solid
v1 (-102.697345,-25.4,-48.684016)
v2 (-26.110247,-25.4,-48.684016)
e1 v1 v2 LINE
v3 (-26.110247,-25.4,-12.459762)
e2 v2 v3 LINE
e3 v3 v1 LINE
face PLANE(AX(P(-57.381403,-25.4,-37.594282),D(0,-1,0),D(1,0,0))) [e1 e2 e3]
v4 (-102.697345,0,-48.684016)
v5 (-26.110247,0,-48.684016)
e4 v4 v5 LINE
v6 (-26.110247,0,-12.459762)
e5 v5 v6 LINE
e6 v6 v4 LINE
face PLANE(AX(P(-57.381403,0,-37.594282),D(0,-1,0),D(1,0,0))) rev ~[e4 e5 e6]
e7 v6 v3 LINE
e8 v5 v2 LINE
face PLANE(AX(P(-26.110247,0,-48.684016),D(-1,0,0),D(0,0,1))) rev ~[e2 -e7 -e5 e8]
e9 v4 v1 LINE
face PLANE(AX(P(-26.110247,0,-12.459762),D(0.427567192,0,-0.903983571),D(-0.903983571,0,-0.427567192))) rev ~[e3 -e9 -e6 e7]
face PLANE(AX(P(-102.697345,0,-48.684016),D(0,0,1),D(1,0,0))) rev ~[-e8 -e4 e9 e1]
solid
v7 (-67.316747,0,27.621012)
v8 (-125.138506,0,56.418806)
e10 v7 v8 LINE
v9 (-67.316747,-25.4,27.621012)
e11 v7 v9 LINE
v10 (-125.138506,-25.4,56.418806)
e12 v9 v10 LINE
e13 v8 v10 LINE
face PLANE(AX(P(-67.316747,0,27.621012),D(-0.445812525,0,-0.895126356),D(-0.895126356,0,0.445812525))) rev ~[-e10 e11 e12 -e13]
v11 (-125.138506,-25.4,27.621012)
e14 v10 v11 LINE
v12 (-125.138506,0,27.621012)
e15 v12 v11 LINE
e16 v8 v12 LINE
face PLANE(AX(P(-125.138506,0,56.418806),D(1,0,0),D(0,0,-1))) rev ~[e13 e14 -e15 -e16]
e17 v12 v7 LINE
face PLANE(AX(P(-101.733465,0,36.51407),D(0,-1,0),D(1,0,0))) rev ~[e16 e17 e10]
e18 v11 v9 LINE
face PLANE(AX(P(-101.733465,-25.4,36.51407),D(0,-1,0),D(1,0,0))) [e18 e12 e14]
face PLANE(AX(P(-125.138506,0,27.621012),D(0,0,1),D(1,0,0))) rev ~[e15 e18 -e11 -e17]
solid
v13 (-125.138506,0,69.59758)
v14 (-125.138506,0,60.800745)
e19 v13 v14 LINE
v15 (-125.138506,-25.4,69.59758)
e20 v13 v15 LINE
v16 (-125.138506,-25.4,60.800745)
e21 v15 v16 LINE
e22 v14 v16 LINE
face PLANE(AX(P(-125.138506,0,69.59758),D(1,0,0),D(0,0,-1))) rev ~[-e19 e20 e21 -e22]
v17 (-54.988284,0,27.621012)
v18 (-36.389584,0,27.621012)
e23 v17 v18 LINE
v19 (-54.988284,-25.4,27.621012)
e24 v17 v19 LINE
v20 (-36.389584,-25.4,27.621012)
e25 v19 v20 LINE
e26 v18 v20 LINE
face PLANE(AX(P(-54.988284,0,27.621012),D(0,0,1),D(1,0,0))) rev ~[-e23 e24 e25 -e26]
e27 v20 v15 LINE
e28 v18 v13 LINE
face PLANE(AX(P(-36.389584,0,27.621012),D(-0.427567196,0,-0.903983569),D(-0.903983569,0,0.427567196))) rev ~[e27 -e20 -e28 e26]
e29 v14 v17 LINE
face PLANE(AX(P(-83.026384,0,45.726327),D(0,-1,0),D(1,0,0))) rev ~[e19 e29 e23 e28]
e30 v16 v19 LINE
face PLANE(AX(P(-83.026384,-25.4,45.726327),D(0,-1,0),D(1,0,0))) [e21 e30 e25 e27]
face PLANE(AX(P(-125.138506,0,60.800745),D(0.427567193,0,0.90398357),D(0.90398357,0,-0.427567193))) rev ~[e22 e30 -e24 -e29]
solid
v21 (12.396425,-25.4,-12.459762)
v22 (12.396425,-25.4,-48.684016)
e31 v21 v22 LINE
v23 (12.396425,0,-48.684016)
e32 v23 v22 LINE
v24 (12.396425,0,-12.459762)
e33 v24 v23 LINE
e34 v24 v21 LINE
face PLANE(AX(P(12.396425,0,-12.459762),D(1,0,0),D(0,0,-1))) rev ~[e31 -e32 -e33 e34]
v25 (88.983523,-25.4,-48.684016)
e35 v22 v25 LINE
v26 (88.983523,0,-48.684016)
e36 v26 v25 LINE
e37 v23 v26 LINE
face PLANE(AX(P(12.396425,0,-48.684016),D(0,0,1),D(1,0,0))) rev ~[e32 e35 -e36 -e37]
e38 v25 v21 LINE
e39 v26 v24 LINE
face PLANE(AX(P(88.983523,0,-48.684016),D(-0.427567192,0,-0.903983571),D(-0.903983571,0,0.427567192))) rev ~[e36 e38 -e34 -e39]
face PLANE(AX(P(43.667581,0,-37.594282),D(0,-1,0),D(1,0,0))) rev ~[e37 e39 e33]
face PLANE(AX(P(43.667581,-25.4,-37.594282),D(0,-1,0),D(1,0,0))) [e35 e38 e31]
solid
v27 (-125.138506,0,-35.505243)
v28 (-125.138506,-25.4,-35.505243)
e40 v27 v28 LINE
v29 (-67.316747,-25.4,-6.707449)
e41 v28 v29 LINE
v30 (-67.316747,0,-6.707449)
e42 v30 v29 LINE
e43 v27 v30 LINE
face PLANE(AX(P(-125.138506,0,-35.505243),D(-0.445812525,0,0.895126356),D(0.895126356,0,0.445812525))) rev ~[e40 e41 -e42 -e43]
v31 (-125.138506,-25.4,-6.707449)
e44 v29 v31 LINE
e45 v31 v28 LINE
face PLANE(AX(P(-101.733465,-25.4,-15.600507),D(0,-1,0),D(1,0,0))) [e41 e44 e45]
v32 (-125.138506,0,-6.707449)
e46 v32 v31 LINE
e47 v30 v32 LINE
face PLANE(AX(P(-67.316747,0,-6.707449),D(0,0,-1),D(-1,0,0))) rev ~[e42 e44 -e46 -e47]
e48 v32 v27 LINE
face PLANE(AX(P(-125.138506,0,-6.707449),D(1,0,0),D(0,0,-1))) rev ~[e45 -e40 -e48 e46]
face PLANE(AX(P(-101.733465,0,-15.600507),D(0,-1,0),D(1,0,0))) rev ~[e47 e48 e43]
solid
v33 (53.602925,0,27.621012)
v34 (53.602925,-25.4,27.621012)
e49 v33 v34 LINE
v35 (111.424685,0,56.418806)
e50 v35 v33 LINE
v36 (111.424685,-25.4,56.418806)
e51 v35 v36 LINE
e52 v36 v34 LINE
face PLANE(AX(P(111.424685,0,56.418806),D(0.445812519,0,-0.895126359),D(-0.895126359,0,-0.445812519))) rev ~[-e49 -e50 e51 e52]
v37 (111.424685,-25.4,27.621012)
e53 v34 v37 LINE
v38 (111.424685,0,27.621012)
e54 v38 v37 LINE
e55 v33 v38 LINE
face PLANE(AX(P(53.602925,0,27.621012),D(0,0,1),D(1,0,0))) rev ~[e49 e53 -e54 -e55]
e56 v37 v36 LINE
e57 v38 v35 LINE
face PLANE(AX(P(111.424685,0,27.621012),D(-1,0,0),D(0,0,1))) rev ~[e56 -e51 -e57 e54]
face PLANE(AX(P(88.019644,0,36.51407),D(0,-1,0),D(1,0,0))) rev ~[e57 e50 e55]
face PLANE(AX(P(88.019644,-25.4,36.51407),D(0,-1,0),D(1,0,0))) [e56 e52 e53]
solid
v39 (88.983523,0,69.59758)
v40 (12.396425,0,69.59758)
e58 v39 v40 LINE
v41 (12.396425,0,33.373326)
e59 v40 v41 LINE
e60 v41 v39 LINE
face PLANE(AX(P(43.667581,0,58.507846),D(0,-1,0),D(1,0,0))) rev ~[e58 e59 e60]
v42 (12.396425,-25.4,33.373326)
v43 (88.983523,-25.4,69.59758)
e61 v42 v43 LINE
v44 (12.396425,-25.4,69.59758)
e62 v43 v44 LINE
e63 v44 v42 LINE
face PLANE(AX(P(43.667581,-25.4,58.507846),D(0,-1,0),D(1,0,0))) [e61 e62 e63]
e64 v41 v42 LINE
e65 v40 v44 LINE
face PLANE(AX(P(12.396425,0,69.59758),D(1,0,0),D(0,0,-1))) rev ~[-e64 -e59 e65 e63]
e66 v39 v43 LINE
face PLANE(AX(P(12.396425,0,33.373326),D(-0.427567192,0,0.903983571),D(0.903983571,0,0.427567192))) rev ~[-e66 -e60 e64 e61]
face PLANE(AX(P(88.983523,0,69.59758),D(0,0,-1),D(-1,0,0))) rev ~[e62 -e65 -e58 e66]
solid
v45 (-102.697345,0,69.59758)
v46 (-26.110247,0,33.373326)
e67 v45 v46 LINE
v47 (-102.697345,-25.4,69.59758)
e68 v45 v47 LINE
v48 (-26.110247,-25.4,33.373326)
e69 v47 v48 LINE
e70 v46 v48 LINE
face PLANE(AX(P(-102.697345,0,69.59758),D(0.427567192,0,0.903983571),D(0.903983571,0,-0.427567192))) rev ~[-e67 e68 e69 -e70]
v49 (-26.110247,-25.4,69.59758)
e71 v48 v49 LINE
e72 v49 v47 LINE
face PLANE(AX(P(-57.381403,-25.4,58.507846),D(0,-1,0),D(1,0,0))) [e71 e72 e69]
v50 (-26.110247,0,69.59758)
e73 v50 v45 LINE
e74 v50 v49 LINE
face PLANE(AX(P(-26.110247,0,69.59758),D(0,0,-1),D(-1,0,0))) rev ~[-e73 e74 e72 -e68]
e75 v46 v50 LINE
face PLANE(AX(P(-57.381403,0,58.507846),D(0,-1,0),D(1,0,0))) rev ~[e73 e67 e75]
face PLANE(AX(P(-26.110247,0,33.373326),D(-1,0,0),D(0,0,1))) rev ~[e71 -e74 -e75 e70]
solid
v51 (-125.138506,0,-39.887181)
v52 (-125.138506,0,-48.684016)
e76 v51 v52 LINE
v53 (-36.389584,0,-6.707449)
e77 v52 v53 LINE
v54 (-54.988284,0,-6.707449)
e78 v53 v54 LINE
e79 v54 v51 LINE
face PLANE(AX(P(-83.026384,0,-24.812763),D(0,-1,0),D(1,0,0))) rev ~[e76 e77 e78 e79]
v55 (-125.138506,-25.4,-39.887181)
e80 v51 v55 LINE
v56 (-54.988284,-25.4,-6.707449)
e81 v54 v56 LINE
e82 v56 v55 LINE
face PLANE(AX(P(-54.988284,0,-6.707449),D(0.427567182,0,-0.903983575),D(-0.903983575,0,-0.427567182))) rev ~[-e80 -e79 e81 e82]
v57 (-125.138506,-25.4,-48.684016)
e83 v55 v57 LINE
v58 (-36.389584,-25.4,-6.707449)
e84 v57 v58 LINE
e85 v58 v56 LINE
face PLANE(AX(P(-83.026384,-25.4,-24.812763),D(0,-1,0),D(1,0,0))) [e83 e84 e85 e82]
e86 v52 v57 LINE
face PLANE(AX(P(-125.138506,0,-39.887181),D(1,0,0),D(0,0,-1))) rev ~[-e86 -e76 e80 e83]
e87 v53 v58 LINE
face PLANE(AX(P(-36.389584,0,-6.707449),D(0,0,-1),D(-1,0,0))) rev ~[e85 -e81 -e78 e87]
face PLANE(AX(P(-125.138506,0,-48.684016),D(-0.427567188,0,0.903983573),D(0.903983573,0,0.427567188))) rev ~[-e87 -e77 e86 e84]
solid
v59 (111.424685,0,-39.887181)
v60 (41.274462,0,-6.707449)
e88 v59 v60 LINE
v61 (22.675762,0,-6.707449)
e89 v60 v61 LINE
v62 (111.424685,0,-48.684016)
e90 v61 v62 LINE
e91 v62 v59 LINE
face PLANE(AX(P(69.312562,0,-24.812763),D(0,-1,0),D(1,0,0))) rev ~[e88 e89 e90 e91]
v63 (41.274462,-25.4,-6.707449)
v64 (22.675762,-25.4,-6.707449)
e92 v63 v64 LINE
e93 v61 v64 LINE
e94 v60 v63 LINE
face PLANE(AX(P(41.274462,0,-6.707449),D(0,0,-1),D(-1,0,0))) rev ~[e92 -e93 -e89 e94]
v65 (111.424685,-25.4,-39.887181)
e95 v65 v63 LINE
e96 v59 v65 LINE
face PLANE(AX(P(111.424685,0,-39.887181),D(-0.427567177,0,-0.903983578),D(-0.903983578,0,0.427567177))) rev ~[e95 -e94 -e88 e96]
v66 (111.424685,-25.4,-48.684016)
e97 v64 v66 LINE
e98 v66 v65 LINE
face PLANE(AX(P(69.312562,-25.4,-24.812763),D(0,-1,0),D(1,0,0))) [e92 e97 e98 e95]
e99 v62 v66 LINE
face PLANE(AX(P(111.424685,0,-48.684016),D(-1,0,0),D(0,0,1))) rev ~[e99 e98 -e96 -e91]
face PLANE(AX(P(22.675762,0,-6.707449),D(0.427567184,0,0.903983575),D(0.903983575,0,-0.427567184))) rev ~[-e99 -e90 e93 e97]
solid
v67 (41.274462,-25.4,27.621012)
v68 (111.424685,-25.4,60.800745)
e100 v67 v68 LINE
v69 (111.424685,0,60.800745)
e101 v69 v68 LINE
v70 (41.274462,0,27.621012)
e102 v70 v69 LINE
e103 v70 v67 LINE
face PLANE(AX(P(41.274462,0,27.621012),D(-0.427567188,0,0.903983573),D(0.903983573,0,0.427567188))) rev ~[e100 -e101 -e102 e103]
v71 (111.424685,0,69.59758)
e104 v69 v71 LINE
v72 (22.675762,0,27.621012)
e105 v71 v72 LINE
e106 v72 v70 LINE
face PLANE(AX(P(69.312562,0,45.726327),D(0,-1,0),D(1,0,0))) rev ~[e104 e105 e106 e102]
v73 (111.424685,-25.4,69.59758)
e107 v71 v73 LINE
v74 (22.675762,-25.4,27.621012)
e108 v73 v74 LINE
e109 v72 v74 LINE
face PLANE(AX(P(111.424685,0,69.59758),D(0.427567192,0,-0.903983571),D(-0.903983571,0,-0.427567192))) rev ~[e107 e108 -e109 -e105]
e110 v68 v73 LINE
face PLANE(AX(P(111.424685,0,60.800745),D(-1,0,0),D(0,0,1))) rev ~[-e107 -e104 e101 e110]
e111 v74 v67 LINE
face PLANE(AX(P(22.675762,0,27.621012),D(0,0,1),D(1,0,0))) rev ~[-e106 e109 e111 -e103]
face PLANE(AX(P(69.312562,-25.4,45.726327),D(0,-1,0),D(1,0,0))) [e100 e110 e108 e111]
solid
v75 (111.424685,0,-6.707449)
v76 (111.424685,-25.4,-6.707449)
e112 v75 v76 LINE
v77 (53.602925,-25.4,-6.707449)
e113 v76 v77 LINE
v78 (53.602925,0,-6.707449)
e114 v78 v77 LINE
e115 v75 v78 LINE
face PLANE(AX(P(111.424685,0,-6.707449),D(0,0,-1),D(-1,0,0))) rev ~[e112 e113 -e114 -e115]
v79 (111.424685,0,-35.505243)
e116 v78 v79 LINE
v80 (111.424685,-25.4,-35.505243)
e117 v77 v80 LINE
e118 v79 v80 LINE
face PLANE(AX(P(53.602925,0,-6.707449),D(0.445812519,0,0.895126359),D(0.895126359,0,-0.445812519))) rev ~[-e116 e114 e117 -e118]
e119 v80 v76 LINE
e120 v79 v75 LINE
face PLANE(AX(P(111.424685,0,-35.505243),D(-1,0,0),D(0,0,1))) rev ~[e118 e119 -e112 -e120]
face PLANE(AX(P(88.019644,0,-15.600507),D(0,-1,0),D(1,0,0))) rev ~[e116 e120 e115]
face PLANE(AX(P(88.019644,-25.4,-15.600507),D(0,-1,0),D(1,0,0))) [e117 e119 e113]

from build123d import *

# Parameters (mm, degrees)
F1_DEPTH = 25.4


with BuildPart() as f1:
    # F0 (on Front) → F1 (new body)
    with BuildSketch(Plane.XZ):
        Polygon((-36.389584, 27.621012), (-125.138506, 69.59758), (-125.138506, 60.800745), (-54.988284, 27.621012), align=None)
        Polygon((-26.110247, 33.373326), (-26.110247, 69.59758), (-102.697345, 69.59758), align=None)
        Polygon((-67.316747, 27.621012), (-125.138506, 56.418806), (-125.138506, 27.621012), align=None)
        Polygon((88.983523, 69.59758), (12.396425, 69.59758), (12.396425, 33.373326), align=None)
        Polygon((111.424685, 69.59758), (22.675762, 27.621012), (41.274462, 27.621012), (111.424685, 60.800745), align=None)
        Polygon((111.424685, 27.621012), (111.424685, 56.418806), (53.602925, 27.621012), align=None)
        Polygon((111.424685, -35.505243), (111.424685, -6.707449), (53.602925, -6.707449), align=None)
        Polygon((22.675762, -6.707449), (111.424685, -48.684016), (111.424685, -39.887181), (41.274462, -6.707449), align=None)
        Polygon((12.396425, -12.459762), (12.396425, -48.684016), (88.983523, -48.684016), align=None)
        Polygon((-26.110247, -48.684016), (-26.110247, -12.459762), (-102.697345, -48.684016), align=None)
        Polygon((-54.988284, -6.707449), (-125.138506, -39.887181), (-125.138506, -48.684016), (-36.389584, -6.707449), align=None)
        Polygon((-125.138506, -35.505243), (-67.316747, -6.707449), (-125.138506, -6.707449), align=None)
    extrude(amount=F1_DEPTH)


solid = f1.part
